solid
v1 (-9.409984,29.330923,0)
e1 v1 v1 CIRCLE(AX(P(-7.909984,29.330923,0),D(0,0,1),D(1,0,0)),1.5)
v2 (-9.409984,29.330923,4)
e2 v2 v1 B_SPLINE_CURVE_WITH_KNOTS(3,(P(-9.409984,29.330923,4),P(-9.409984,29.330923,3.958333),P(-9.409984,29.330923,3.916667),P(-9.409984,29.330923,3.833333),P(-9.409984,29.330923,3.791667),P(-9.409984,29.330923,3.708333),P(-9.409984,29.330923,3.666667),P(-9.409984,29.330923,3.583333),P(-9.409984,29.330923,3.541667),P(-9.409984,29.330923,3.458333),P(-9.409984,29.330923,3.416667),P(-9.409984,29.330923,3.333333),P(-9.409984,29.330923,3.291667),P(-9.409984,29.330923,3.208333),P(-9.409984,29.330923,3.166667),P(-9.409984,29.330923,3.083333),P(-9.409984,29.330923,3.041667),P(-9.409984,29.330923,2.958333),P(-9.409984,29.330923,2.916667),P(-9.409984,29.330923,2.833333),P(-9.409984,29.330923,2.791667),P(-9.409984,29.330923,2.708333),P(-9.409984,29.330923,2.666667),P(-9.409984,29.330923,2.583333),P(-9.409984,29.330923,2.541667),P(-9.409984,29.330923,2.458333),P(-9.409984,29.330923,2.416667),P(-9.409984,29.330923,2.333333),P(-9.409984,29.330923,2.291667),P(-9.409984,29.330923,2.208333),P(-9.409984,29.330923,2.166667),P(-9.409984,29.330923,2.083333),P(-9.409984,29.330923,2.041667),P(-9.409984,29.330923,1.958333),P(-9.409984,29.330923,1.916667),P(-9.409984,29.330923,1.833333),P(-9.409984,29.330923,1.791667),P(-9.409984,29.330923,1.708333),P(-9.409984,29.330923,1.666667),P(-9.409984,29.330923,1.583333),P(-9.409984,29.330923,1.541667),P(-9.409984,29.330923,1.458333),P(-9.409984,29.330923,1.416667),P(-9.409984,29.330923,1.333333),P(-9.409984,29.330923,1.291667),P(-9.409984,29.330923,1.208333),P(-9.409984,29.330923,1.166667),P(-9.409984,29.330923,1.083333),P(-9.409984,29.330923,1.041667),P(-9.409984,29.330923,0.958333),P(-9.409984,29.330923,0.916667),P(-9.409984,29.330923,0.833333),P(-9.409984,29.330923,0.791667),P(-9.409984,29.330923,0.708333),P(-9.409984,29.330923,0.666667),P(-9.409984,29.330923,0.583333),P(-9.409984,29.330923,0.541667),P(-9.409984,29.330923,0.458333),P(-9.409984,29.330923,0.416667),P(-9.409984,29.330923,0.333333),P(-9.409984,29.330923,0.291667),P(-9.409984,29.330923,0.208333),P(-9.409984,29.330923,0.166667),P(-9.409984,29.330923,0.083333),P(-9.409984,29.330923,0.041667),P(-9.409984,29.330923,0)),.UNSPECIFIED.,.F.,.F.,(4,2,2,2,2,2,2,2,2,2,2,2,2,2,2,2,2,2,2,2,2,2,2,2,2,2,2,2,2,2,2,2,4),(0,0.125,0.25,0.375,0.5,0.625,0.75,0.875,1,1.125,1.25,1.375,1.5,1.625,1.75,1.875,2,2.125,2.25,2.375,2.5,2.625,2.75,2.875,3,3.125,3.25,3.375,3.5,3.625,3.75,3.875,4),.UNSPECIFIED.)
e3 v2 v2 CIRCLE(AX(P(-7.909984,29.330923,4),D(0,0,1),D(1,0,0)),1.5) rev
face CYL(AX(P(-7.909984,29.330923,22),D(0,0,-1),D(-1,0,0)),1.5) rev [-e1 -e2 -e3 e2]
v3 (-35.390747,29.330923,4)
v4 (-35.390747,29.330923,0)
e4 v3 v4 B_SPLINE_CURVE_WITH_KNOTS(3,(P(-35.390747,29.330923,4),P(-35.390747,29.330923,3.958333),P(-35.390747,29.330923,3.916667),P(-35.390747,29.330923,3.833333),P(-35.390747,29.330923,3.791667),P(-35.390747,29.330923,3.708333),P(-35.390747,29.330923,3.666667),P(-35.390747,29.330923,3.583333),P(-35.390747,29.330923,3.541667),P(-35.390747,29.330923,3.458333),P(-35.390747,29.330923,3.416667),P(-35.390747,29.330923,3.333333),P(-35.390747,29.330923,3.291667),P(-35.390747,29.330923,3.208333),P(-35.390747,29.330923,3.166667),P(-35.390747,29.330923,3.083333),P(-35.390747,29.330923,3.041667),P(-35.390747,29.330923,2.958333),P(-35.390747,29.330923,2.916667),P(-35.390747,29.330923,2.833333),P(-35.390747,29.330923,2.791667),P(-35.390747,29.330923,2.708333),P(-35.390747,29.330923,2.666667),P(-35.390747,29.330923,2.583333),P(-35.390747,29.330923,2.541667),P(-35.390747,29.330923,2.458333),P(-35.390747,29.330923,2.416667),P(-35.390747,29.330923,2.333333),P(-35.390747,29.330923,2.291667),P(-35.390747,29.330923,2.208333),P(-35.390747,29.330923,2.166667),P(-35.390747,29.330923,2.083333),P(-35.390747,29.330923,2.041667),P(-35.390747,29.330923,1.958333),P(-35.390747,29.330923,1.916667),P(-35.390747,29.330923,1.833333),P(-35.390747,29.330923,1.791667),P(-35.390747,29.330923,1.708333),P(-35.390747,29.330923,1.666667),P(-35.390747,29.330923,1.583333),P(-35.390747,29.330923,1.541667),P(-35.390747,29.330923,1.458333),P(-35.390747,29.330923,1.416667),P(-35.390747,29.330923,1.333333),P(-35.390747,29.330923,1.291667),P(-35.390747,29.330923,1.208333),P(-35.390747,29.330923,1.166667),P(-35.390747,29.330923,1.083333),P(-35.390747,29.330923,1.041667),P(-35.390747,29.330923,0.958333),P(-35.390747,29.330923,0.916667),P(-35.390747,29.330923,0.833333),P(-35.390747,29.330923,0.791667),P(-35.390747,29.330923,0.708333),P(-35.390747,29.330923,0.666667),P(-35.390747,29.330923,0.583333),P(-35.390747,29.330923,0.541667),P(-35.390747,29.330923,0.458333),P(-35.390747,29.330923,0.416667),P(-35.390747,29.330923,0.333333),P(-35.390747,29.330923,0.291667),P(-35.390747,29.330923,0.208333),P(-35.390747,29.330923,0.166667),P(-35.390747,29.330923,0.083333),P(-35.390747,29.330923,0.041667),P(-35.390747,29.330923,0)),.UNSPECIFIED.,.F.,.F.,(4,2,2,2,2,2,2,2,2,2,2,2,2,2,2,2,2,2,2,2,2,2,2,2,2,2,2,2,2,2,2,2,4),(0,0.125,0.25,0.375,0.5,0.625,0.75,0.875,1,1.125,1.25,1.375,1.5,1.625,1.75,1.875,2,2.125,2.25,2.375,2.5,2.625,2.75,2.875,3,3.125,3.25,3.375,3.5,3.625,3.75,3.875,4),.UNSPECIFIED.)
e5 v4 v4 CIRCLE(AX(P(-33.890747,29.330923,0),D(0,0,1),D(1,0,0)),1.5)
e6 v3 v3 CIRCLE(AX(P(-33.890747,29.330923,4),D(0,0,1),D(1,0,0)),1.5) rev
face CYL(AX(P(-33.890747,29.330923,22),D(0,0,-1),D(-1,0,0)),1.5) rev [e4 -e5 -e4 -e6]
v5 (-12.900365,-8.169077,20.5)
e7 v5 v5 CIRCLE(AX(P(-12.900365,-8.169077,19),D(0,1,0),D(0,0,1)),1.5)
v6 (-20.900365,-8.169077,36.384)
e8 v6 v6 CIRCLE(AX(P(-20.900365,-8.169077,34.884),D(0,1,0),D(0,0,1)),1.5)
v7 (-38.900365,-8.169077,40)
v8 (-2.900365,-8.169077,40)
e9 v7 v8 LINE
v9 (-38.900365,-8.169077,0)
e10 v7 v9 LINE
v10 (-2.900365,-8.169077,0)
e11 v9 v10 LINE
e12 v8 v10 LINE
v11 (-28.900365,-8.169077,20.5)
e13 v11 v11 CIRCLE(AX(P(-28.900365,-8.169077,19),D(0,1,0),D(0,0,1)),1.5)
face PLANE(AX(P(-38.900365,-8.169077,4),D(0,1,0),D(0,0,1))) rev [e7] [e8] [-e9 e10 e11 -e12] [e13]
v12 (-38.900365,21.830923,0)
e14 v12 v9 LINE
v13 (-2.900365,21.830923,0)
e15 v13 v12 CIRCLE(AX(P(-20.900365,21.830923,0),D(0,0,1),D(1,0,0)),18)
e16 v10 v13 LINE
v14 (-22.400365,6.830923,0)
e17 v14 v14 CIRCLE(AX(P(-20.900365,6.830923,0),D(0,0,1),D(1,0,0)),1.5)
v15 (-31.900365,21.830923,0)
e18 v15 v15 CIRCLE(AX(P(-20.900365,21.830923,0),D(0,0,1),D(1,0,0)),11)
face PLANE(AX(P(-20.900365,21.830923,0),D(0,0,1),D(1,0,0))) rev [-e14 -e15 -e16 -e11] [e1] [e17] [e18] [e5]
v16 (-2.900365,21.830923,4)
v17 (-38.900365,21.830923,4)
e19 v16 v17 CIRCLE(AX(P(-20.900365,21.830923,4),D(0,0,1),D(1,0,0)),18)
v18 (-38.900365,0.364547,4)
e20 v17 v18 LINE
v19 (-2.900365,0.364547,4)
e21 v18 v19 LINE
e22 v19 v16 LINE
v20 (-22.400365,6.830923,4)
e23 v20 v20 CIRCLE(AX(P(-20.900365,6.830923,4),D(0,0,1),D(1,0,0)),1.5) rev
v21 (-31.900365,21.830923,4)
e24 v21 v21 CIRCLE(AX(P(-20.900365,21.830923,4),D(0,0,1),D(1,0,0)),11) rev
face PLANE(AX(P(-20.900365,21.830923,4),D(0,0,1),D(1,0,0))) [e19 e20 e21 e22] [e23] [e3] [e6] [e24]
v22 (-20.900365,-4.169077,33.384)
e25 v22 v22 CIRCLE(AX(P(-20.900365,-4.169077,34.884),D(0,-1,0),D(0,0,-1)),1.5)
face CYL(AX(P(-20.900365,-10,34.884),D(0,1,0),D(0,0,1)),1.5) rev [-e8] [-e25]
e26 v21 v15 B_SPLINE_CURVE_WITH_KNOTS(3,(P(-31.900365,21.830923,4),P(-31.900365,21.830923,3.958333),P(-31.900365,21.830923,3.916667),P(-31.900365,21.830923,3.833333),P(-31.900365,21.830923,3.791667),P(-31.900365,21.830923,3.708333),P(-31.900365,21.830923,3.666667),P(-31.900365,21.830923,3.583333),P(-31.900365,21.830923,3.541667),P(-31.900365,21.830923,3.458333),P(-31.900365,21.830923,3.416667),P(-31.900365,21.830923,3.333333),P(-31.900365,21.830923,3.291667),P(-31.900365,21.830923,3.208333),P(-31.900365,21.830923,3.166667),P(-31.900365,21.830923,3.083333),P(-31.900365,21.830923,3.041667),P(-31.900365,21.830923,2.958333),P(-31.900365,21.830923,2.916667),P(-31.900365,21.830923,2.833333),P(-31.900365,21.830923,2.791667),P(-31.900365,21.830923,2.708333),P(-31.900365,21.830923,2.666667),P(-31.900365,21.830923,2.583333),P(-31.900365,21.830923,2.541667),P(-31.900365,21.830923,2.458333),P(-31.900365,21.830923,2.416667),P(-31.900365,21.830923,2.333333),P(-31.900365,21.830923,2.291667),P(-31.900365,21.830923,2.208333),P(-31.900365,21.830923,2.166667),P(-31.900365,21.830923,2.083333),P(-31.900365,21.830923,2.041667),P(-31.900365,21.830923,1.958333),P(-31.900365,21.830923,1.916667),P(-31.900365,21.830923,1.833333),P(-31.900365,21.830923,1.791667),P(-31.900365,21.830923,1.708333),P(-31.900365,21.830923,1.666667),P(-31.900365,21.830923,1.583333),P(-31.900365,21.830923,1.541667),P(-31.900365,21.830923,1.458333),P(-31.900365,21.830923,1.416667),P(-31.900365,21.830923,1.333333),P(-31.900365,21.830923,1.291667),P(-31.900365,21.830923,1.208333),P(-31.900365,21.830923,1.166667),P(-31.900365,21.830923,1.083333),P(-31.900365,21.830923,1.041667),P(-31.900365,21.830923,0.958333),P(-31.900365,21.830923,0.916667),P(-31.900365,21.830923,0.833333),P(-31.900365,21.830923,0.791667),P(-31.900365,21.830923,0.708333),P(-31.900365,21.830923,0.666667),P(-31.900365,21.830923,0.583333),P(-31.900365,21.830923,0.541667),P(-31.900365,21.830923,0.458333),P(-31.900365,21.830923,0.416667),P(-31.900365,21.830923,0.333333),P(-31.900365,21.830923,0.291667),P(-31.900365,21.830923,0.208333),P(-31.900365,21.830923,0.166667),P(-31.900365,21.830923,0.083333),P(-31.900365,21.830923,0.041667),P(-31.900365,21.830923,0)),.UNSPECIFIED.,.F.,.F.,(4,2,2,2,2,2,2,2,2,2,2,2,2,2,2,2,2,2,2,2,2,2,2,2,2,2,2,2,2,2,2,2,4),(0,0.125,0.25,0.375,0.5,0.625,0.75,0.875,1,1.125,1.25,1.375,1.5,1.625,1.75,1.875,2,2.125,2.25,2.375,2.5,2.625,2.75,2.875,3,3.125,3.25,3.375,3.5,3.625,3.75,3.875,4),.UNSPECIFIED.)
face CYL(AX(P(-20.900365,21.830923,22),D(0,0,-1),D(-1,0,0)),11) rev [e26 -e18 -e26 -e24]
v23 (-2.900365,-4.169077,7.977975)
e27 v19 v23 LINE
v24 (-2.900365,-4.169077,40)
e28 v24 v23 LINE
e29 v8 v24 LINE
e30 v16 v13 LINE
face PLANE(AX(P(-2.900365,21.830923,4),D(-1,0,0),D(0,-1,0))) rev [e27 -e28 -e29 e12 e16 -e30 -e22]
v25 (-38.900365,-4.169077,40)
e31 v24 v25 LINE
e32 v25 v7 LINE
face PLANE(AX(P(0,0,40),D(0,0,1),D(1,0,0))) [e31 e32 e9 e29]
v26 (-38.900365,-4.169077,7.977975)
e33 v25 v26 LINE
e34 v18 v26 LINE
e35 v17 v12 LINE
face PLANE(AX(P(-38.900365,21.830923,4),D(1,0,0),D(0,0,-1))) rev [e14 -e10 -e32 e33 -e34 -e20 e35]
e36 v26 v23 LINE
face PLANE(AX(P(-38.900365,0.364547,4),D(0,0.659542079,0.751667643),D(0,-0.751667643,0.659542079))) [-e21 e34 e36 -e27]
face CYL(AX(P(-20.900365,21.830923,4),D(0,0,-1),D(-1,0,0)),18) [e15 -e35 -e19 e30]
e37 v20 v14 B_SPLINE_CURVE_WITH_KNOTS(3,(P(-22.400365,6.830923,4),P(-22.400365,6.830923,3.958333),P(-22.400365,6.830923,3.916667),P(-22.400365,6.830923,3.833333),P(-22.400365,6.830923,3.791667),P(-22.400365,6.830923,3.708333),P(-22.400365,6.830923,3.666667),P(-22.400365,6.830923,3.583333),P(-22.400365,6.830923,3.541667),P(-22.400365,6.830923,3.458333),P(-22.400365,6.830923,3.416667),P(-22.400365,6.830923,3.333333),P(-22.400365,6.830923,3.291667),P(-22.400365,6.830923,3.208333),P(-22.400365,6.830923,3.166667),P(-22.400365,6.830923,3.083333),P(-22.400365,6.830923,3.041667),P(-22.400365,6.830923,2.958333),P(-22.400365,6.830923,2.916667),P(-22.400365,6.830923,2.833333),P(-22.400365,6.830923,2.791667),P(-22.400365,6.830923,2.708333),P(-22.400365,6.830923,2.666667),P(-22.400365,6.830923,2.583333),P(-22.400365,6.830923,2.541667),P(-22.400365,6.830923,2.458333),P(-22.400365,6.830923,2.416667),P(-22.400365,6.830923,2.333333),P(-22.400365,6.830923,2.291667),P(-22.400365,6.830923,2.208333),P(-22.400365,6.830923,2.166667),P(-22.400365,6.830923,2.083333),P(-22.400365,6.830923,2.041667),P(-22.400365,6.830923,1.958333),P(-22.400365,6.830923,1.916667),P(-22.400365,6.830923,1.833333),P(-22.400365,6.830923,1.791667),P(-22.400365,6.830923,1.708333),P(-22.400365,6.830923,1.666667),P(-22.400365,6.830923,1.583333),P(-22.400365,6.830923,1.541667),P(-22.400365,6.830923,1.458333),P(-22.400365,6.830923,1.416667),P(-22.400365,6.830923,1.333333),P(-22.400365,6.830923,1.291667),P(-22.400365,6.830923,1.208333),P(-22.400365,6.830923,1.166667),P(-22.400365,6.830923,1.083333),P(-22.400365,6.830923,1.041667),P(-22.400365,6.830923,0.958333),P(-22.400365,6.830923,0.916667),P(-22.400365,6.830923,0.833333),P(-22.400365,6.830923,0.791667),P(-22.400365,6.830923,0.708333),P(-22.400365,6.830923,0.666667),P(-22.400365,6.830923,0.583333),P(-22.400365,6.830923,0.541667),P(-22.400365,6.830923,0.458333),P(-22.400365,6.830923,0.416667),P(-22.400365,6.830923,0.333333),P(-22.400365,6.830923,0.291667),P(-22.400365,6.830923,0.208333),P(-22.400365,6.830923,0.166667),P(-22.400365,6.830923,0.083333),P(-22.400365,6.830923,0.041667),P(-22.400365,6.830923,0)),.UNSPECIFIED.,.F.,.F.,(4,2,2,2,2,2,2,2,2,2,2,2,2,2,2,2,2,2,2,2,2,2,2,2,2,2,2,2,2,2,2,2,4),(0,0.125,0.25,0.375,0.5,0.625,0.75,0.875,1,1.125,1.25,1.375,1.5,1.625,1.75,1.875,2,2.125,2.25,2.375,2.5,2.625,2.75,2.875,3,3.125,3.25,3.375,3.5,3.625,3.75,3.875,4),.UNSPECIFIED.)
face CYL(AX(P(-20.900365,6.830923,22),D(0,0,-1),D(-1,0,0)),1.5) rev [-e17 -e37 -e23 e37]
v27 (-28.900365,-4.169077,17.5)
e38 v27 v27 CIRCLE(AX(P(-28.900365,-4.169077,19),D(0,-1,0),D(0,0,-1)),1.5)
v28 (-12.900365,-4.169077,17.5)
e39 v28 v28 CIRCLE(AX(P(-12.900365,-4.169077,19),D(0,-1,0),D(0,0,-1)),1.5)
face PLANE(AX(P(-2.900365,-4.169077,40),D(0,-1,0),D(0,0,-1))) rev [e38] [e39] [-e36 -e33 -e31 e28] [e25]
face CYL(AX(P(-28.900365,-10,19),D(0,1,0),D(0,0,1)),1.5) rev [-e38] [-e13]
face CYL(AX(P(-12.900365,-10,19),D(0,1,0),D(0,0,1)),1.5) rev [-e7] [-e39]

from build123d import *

# Parameters (mm, degrees)
BOSS_EXTRUDE1_DEPTH = 4
SKETCH3_W           = 36
SKETCH3_H           = 4
BOSS_EXTRUDE2_DEPTH = 40
SKETCH4_R           = 11
SKETCH4_R_2         = 1.5
CUT_EXTRUDE1_DEPTH  = 22
SKETCH5_R           = 1.5
CUT_EXTRUDE2_DEPTH  = 10
BOSS_EXTRUDE4_DEPTH = 36


with BuildPart() as part:
    # Sketch1 → Boss-Extrude1 (new body)
    with BuildSketch(Plane.XY):
        with BuildLine():
            Line((-38.900365485, 21.830923248), (-38.900365485, -8.169076752))
            Line((-38.900365485, -8.169076752), (-2.900365485, -8.169076752))
            Line((-2.900365485, -8.169076752), (-2.900365485, 21.830923248))
            ThreePointArc((-2.900365485, 21.830923248), (-20.900365485, 39.830923248), (-38.900365485, 21.830923248))
        make_face()
    extrude(amount=BOSS_EXTRUDE1_DEPTH)

    # Sketch3 → Boss-Extrude2 (add)
    with BuildSketch(Plane.XY):
        with Locations((-20.900365485, -6.169076752)):
            Rectangle(SKETCH3_W, SKETCH3_H)
    extrude(amount=BOSS_EXTRUDE2_DEPTH)

    # Sketch4 → Cut-Extrude1 (cut)
    with BuildSketch(Plane.XY):
        with Locations(Location((-20.900365485, 21.830923248, 0), (0, 0, 180))):
            Circle(SKETCH4_R)
        with Locations(Location((-20.900365485, 6.830923248, 0), (0, 0, 180))):
            Circle(SKETCH4_R_2)
        with Locations(Location((-33.890746542, 29.330923248, 0), (0, 0, 180))):
            Circle(SKETCH4_R_2)
        with Locations(Location((-7.909984429, 29.330923248, 0), (0, 0, 180))):
            Circle(SKETCH4_R_2)
    extrude(amount=CUT_EXTRUDE1_DEPTH, mode=Mode.SUBTRACT)

    # Sketch5 → Cut-Extrude2 (cut)
    with BuildSketch(Plane(origin=(0, 0, 0), x_dir=(1, 0, 0), z_dir=(0, 1, 0))):
        with Locations(Location((-28.900365485, -19, 0), (0, 0, 270))):
            Circle(SKETCH5_R)
        with Locations(Location((-12.900365485, -19, 0), (0, 0, 270))):
            Circle(SKETCH5_R)
        with Locations(Location((-20.900365485, -34.884, 0), (0, 0, 270))):
            Circle(SKETCH5_R)
    extrude(amount=-CUT_EXTRUDE2_DEPTH, mode=Mode.SUBTRACT)

    # Sketch7 → Boss-Extrude4 (add)
    with BuildSketch(Plane(origin=(-2.900365485, 0, 0), x_dir=(0, 0, -1), z_dir=(1, 0, 0))):
        Polygon((-4, 0.364546523), (-7.977975303, -4.169076752), (-4, -4.169076752), align=None)
    extrude(amount=-BOSS_EXTRUDE4_DEPTH)


solid = part.part
